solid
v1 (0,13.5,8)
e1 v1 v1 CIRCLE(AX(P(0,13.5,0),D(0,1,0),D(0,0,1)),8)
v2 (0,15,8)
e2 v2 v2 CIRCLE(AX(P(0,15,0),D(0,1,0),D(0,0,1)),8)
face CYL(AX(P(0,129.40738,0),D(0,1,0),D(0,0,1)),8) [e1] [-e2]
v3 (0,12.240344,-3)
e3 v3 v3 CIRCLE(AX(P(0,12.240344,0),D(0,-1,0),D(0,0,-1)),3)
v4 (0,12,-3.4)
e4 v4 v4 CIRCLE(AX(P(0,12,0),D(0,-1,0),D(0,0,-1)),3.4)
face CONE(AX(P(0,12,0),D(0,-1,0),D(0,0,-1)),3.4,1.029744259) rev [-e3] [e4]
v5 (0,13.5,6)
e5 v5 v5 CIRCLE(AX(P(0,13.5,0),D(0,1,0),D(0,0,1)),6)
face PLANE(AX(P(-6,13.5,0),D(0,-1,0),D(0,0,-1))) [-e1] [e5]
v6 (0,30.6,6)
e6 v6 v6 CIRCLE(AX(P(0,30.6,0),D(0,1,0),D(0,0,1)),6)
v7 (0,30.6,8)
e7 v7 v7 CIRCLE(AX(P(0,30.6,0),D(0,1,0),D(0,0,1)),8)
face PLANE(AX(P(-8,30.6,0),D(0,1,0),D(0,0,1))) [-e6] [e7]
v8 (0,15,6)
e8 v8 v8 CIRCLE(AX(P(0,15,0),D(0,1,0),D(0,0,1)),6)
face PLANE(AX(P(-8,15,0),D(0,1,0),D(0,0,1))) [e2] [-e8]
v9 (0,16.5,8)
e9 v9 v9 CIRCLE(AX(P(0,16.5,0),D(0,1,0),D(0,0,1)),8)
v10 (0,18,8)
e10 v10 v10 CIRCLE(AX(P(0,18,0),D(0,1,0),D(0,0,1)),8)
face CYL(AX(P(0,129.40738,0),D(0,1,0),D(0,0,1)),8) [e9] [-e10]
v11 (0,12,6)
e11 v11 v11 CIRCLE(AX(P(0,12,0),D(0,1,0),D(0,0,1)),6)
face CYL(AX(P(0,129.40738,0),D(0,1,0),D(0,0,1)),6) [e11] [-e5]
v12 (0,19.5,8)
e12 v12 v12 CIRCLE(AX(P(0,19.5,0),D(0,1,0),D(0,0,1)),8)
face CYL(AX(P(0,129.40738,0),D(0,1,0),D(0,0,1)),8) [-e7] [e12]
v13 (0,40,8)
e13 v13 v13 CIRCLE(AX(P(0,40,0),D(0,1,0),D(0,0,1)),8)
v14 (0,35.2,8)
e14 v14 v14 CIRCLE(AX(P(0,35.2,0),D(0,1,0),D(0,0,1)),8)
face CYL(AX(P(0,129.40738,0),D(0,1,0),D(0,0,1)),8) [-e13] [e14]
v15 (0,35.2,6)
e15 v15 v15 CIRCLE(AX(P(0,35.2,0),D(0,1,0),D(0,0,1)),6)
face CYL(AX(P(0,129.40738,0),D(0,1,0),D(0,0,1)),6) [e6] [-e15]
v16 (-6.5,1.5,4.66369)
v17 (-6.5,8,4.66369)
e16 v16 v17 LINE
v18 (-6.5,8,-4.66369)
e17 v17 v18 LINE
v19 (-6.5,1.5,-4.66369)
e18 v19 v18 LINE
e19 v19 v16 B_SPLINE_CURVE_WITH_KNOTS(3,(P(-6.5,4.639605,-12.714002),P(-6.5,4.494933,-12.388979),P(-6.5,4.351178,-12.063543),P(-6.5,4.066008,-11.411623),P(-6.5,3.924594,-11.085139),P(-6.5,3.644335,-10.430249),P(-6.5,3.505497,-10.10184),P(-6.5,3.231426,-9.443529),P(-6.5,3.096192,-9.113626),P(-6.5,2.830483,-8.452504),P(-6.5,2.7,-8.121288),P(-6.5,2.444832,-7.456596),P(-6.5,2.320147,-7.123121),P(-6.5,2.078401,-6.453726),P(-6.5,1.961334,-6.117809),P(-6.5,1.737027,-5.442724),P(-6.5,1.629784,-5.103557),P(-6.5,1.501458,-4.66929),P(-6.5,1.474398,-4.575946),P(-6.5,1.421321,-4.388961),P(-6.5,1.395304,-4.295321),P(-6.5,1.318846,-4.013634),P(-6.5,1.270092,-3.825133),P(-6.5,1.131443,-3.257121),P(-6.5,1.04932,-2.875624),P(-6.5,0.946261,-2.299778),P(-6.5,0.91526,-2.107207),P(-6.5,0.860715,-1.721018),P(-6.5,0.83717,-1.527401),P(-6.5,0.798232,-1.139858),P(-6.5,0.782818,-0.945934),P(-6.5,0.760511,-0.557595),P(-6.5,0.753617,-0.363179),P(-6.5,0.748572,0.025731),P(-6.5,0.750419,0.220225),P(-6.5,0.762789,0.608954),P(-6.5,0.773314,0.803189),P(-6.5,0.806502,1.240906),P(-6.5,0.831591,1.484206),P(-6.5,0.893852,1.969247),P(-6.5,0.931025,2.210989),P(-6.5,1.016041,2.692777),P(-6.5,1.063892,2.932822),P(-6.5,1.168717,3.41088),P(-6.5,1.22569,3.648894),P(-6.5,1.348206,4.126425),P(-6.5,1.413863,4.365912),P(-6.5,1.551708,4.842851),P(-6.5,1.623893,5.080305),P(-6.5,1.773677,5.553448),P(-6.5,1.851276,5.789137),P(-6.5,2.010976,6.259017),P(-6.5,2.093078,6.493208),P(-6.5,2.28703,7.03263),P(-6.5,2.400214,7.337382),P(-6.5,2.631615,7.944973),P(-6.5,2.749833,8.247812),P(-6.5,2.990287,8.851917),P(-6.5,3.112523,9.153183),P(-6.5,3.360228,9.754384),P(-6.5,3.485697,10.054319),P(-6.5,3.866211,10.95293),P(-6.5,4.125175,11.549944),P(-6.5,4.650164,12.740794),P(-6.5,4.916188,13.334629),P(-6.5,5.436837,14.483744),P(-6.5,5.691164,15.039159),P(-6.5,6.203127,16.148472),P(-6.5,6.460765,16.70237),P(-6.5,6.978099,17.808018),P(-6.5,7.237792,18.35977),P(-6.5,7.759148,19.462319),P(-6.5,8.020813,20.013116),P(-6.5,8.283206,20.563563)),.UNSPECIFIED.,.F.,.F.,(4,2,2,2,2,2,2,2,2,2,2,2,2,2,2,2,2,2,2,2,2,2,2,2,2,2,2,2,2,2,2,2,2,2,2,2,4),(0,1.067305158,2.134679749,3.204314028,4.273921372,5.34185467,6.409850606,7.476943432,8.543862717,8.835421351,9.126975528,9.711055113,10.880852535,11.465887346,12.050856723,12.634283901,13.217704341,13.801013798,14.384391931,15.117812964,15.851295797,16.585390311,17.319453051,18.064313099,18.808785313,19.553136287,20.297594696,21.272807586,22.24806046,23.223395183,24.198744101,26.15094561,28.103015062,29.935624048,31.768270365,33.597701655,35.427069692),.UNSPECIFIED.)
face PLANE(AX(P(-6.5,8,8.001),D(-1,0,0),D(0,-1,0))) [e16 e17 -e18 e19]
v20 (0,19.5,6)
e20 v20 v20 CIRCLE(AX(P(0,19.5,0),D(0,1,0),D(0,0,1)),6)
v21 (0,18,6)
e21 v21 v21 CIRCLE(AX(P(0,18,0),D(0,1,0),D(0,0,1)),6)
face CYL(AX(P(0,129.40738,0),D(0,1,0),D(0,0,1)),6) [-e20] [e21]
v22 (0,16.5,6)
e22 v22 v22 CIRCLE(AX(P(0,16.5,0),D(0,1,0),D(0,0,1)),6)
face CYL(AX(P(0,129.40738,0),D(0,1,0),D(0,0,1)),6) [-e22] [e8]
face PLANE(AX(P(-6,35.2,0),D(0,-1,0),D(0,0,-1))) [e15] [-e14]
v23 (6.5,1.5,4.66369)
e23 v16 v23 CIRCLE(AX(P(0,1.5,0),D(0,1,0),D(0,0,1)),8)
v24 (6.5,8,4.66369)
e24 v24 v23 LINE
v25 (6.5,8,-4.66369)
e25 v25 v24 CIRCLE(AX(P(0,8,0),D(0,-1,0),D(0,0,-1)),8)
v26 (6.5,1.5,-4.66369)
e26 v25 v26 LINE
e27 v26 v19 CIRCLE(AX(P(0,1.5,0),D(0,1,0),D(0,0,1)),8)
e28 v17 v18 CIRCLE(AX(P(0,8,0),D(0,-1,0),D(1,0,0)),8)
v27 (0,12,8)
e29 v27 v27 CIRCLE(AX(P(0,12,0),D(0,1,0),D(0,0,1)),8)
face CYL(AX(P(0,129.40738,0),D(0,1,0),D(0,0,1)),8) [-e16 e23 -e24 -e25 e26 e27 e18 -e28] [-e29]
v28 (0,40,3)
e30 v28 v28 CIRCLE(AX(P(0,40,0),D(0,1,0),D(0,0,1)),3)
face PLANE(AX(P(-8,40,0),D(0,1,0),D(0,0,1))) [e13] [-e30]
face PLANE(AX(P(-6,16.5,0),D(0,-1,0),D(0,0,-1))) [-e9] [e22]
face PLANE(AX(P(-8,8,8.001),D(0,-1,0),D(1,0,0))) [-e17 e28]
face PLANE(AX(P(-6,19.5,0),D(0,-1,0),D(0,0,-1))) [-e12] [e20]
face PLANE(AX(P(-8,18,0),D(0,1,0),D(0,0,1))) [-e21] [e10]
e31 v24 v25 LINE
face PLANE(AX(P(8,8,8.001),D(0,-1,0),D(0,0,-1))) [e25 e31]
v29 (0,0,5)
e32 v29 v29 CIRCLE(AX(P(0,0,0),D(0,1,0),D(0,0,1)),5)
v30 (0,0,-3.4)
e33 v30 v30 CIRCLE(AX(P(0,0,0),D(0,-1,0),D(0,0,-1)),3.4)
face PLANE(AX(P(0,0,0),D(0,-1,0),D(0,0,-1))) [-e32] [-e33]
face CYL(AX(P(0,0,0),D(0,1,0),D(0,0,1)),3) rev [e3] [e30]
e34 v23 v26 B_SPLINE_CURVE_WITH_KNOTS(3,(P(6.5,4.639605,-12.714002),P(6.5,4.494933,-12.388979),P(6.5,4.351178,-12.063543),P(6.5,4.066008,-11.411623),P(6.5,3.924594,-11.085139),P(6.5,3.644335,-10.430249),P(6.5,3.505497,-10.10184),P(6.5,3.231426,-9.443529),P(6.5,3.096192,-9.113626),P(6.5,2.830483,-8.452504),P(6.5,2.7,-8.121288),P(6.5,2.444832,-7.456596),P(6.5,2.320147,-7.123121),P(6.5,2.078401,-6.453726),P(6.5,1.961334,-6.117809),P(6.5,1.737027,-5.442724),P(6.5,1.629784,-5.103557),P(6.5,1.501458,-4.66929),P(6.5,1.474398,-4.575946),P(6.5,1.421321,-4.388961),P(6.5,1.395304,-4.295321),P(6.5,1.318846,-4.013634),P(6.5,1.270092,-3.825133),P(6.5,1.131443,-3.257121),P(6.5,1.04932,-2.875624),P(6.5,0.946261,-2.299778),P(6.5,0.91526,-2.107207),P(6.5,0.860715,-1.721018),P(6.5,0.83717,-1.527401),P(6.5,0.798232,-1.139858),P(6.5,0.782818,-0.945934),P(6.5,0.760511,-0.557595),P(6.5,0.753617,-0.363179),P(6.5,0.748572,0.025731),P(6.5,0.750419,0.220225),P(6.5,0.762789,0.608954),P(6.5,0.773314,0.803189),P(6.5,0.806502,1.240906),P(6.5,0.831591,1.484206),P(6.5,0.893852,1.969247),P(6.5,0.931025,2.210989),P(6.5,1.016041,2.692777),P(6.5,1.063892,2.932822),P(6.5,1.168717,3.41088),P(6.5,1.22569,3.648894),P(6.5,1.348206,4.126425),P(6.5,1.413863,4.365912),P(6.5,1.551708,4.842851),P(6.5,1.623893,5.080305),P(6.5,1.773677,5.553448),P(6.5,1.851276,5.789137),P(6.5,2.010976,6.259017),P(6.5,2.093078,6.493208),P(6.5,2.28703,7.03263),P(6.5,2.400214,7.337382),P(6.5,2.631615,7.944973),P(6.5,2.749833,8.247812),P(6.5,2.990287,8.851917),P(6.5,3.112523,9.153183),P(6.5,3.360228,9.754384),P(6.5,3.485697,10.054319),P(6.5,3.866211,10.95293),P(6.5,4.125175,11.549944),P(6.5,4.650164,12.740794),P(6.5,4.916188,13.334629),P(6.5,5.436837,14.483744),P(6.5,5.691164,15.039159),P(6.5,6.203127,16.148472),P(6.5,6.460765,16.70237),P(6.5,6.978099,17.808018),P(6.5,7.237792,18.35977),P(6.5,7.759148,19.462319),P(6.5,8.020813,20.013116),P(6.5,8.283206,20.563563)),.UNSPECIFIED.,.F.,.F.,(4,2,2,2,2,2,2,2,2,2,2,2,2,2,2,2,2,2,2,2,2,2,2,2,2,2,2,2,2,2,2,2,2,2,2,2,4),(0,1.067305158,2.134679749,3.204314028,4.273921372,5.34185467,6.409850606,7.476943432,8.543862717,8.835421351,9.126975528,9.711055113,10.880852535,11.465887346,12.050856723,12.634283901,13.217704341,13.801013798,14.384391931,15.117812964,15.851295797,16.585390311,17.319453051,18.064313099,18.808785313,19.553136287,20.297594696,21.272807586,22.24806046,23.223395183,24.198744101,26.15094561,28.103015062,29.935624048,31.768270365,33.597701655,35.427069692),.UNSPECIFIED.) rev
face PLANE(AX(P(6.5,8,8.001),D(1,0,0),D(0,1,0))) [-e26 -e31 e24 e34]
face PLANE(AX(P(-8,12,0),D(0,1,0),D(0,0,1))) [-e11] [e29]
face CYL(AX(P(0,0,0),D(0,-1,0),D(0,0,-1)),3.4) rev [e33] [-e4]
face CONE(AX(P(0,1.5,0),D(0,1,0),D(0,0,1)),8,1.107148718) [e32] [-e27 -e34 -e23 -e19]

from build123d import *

# Parameters (mm, degrees)
TAGLIO_ESTRUSIONE1_REACH             = 10
SCHIZZO2_W                           = 1.5
SCHIZZO2_H                           = 8
TAGLIO_ESTRUSIONE1_DIRECTION_2_REACH = 10
SCHIZZO7_R                           = 3
TAGLIO_ESTRUSIONE2_DEPTH             = 41
FORO_FILETTATO_M8_1_D                = 6.8
FORO_FILETTATO_M8_1_DEPTH            = 12
FORO_FILETTATO_M8_1_TIP              = 2.042926105


with BuildPart() as part:
    # Schizzo1 → Rivoluzione1 (revolve)
    with BuildSketch(Plane.XY):
        Polygon((0, 0), (-5, 0), (-8, 1.5), (-8, 12), (-6, 12), (-6, 13.5), (-8, 13.5), (-8, 15), (-6, 15), (-6, 16.5), (-8, 16.5), (-8, 18), (-6, 18), (-6, 19.5), (-8, 19.5), (-8, 30.6), (-6, 30.6), (-6, 35.2), (-8, 35.2), (-8, 40), (0, 40), align=None)
    revolve(axis=Axis((0, 129.407380346, 0), (0, -1, 0)))

    # Schizzo2 → Taglio-Estrusione1 (cut, up to next)
    with BuildSketch(Plane.XY, mode=Mode.PRIVATE) as taglio_estrusione1_sk1:
        with Locations((-7.25, 4)):
            Rectangle(SCHIZZO2_W, SCHIZZO2_H)
    taglio_estrusione1_tool1 = extrude(taglio_estrusione1_sk1.sketch, amount=-TAGLIO_ESTRUSIONE1_REACH, mode=Mode.PRIVATE) & part.part
    add(taglio_estrusione1_tool1.solids().sort_by_distance((-7.25, 4, 0))[0], mode=Mode.SUBTRACT)
    # Schizzo2 → Taglio-Estrusione1 (cut, up to next)
    with BuildSketch(Plane.XY, mode=Mode.PRIVATE) as taglio_estrusione1_sk2:
        with Locations((7.25, 4)):
            Rectangle(SCHIZZO2_W, SCHIZZO2_H)
    taglio_estrusione1_tool2 = extrude(taglio_estrusione1_sk2.sketch, amount=-TAGLIO_ESTRUSIONE1_REACH, mode=Mode.PRIVATE) & part.part
    add(taglio_estrusione1_tool2.solids().sort_by_distance((7.25, 4, 0))[0], mode=Mode.SUBTRACT)

    # Schizzo2 → Taglio-Estrusione1 direction 2 (cut, up to next)
    with BuildSketch(Plane.XY, mode=Mode.PRIVATE) as taglio_estrusione1_direction_2_sk1:
        with Locations((-7.25, 4)):
            Rectangle(SCHIZZO2_W, SCHIZZO2_H)
    taglio_estrusione1_direction_2_tool1 = extrude(taglio_estrusione1_direction_2_sk1.sketch, amount=TAGLIO_ESTRUSIONE1_DIRECTION_2_REACH, mode=Mode.PRIVATE) & part.part
    add(taglio_estrusione1_direction_2_tool1.solids().sort_by_distance((-7.25, 4, 0))[0], mode=Mode.SUBTRACT)
    # Schizzo2 → Taglio-Estrusione1 direction 2 (cut, up to next)
    with BuildSketch(Plane.XY, mode=Mode.PRIVATE) as taglio_estrusione1_direction_2_sk2:
        with Locations((7.25, 4)):
            Rectangle(SCHIZZO2_W, SCHIZZO2_H)
    taglio_estrusione1_direction_2_tool2 = extrude(taglio_estrusione1_direction_2_sk2.sketch, amount=TAGLIO_ESTRUSIONE1_DIRECTION_2_REACH, mode=Mode.PRIVATE) & part.part
    add(taglio_estrusione1_direction_2_tool2.solids().sort_by_distance((7.25, 4, 0))[0], mode=Mode.SUBTRACT)

    # Schizzo7 → Taglio-Estrusione2 (cut, through all)
    with BuildSketch(Plane(origin=(0, 40, 0), x_dir=(1, 0, 0), z_dir=(0, 1, 0))):
        Circle(SCHIZZO7_R)
    extrude(amount=-TAGLIO_ESTRUSIONE2_DEPTH, mode=Mode.SUBTRACT)

    # Foro filettato M8-1
    with Locations(Plane(origin=(0, 0, 0), x_dir=(-1, 0, 0), z_dir=(0, -1, 0))):
        with Locations((0, 0)):
            Hole(FORO_FILETTATO_M8_1_D / 2, depth=FORO_FILETTATO_M8_1_DEPTH)
            with Locations((0, 0, -(FORO_FILETTATO_M8_1_DEPTH + FORO_FILETTATO_M8_1_TIP / 2))):  # 118° drill point
                Cone(0, FORO_FILETTATO_M8_1_D / 2, FORO_FILETTATO_M8_1_TIP, mode=Mode.SUBTRACT)


solid = part.part
